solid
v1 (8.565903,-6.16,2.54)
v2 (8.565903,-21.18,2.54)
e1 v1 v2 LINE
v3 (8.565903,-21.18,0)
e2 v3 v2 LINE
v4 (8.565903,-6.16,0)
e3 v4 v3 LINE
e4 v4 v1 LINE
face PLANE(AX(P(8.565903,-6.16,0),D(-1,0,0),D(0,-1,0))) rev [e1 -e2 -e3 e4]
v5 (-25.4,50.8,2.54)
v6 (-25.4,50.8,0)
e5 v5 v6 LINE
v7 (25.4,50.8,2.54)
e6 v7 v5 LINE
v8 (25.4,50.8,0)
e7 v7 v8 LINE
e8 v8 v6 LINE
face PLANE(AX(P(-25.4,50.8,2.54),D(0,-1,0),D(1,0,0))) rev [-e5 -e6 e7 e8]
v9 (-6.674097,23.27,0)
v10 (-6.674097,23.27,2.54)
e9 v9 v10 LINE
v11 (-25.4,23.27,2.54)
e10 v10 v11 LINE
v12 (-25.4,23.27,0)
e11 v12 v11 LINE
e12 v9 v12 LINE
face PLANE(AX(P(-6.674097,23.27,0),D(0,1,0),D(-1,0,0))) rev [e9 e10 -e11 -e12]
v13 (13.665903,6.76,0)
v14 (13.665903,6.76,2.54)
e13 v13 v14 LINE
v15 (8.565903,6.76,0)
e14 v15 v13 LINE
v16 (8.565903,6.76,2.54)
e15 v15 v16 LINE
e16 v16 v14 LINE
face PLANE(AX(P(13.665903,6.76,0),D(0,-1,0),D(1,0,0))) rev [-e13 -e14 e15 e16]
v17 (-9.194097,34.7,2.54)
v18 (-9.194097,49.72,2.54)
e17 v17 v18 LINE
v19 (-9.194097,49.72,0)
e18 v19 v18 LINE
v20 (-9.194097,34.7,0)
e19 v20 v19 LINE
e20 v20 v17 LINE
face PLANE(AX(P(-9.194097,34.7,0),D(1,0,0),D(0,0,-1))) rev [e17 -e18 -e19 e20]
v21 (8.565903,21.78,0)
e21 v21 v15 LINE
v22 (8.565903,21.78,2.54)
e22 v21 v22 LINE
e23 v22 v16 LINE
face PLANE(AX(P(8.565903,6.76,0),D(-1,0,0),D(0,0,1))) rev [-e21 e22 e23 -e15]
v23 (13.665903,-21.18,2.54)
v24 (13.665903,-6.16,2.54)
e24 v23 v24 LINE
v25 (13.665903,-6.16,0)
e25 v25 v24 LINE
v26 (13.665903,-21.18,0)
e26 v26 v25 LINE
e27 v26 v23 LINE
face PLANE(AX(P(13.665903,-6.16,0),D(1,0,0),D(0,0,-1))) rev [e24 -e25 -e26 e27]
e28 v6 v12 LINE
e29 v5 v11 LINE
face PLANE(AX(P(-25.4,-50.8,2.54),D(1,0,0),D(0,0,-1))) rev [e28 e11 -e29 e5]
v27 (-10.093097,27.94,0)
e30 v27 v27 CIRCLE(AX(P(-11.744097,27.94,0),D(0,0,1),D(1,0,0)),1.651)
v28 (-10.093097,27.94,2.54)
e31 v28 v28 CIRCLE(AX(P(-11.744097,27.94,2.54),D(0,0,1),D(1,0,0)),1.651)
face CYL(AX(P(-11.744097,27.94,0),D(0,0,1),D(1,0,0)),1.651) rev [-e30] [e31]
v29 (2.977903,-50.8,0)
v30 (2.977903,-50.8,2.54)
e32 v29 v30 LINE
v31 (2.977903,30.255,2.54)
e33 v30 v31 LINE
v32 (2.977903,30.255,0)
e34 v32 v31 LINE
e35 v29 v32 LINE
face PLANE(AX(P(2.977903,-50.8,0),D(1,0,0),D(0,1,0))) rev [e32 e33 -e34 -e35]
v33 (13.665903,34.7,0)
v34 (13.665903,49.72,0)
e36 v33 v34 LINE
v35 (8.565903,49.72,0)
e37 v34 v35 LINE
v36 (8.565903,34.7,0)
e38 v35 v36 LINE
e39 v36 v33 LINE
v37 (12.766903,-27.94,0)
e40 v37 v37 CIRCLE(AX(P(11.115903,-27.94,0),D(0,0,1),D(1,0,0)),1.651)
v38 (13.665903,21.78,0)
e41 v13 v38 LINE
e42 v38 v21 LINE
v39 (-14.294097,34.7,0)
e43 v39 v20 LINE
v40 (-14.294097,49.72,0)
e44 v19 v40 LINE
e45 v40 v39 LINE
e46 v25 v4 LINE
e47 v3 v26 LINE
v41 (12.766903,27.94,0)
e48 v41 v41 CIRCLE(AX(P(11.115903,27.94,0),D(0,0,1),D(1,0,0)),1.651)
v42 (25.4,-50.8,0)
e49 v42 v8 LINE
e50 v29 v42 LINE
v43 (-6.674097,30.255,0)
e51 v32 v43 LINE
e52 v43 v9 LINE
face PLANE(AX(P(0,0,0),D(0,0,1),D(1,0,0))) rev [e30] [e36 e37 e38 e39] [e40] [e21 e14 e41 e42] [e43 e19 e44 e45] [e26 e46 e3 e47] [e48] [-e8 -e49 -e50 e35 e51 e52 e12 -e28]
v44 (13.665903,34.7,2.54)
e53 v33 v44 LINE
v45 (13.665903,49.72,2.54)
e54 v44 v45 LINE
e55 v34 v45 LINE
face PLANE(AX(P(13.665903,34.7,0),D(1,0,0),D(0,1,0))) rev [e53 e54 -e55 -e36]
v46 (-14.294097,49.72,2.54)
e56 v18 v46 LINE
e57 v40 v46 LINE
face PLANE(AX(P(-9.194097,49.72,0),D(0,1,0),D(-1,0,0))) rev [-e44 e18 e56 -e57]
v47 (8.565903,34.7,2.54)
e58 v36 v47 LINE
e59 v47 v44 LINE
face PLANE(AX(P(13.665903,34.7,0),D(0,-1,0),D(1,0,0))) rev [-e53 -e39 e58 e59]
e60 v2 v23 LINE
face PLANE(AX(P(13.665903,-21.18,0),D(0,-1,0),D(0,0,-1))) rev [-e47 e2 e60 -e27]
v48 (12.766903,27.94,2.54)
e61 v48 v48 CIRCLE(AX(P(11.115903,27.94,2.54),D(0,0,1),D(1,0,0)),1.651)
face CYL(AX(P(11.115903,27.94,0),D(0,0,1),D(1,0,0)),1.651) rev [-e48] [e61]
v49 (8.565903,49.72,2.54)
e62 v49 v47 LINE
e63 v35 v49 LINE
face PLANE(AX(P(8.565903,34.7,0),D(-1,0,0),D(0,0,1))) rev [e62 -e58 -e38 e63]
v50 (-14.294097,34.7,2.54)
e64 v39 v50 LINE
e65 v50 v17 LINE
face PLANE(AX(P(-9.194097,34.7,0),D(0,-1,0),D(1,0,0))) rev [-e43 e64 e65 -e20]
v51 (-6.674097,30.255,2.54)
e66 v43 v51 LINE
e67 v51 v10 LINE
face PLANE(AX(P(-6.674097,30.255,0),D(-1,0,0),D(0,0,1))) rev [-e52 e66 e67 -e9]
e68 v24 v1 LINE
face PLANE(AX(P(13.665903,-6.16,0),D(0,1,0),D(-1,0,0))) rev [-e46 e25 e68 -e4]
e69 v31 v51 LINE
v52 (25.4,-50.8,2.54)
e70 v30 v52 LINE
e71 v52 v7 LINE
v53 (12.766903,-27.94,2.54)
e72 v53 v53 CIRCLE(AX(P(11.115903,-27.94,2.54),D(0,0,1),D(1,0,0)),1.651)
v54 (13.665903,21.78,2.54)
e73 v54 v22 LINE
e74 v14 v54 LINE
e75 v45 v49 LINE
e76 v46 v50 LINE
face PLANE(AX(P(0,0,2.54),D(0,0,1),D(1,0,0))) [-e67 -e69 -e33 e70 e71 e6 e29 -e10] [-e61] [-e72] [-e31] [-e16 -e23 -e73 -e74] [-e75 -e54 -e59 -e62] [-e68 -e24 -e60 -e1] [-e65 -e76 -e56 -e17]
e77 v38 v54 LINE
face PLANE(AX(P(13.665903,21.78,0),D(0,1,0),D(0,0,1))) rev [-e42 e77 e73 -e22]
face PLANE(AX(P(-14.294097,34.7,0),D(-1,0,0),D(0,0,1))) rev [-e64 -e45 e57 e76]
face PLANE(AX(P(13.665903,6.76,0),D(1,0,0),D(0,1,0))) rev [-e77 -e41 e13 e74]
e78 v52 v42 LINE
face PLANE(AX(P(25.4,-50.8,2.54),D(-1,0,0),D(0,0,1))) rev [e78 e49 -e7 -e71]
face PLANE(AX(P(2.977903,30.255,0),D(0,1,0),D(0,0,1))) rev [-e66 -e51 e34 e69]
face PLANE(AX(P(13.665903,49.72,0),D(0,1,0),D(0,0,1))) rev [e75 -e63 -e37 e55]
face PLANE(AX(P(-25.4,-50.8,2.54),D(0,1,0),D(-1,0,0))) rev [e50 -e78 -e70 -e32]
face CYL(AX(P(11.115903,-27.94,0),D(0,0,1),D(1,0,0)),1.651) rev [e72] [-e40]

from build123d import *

# Parameters (mm, degrees)
SKETCH1_W           = 101.6
SKETCH1_H           = 50.8
BOSS_EXTRUDE1_DEPTH = 2.54
SKETCH2_R           = 1.651
CUT_EXTRUDE1_DEPTH  = 57.852894385
SKETCH3_W           = 5.1
SKETCH3_H           = 15.02
CUT_EXTRUDE4_DEPTH  = 57.852894385
CUT_EXTRUDE5_DEPTH  = 57.852894385


with BuildPart() as part:
    # Sketch1 → Boss-Extrude1 (new body)
    with BuildSketch(Plane(origin=(0, 0, 0), x_dir=(0, 1, 0), z_dir=(0, 0, 1))):
        Rectangle(SKETCH1_W, SKETCH1_H)
    extrude(amount=BOSS_EXTRUDE1_DEPTH)

    # Sketch2 → Cut-Extrude1 (cut, through all)
    with BuildSketch(Plane.XY.offset(2.54)):
        with Locations((11.115903034, 27.94)):
            Circle(SKETCH2_R)
        with Locations((11.115903034, -27.94)):
            Circle(SKETCH2_R)
        with Locations((-11.744096966, 27.94)):
            Circle(SKETCH2_R)
    extrude(amount=-CUT_EXTRUDE1_DEPTH, mode=Mode.SUBTRACT)

    # Sketch3 → Cut-Extrude4 (cut, through all)
    with BuildSketch(Plane.XY.offset(2.54)):
        with Locations((11.115903034, -13.67)):
            Rectangle(SKETCH3_W, SKETCH3_H)
        with Locations((11.115903034, 14.27)):
            Rectangle(SKETCH3_W, SKETCH3_H)
        with Locations((11.115903034, 42.21)):
            Rectangle(SKETCH3_W, SKETCH3_H)
        with Locations((-11.744096966, 42.21)):
            Rectangle(SKETCH3_W, SKETCH3_H)
    extrude(amount=-CUT_EXTRUDE4_DEPTH, mode=Mode.SUBTRACT)

    # Sketch5 → Cut-Extrude5 (cut, through all)
    with BuildSketch(Plane.XY.offset(2.54)):
        Polygon((2.977903034, -50.8), (2.977903034, 30.255), (-6.674096966, 30.255), (-6.674096966, 23.27), (-25.4, 23.27), (-25.4, -50.8), align=None)
    extrude(amount=-CUT_EXTRUDE5_DEPTH, mode=Mode.SUBTRACT)


solid = part.part
